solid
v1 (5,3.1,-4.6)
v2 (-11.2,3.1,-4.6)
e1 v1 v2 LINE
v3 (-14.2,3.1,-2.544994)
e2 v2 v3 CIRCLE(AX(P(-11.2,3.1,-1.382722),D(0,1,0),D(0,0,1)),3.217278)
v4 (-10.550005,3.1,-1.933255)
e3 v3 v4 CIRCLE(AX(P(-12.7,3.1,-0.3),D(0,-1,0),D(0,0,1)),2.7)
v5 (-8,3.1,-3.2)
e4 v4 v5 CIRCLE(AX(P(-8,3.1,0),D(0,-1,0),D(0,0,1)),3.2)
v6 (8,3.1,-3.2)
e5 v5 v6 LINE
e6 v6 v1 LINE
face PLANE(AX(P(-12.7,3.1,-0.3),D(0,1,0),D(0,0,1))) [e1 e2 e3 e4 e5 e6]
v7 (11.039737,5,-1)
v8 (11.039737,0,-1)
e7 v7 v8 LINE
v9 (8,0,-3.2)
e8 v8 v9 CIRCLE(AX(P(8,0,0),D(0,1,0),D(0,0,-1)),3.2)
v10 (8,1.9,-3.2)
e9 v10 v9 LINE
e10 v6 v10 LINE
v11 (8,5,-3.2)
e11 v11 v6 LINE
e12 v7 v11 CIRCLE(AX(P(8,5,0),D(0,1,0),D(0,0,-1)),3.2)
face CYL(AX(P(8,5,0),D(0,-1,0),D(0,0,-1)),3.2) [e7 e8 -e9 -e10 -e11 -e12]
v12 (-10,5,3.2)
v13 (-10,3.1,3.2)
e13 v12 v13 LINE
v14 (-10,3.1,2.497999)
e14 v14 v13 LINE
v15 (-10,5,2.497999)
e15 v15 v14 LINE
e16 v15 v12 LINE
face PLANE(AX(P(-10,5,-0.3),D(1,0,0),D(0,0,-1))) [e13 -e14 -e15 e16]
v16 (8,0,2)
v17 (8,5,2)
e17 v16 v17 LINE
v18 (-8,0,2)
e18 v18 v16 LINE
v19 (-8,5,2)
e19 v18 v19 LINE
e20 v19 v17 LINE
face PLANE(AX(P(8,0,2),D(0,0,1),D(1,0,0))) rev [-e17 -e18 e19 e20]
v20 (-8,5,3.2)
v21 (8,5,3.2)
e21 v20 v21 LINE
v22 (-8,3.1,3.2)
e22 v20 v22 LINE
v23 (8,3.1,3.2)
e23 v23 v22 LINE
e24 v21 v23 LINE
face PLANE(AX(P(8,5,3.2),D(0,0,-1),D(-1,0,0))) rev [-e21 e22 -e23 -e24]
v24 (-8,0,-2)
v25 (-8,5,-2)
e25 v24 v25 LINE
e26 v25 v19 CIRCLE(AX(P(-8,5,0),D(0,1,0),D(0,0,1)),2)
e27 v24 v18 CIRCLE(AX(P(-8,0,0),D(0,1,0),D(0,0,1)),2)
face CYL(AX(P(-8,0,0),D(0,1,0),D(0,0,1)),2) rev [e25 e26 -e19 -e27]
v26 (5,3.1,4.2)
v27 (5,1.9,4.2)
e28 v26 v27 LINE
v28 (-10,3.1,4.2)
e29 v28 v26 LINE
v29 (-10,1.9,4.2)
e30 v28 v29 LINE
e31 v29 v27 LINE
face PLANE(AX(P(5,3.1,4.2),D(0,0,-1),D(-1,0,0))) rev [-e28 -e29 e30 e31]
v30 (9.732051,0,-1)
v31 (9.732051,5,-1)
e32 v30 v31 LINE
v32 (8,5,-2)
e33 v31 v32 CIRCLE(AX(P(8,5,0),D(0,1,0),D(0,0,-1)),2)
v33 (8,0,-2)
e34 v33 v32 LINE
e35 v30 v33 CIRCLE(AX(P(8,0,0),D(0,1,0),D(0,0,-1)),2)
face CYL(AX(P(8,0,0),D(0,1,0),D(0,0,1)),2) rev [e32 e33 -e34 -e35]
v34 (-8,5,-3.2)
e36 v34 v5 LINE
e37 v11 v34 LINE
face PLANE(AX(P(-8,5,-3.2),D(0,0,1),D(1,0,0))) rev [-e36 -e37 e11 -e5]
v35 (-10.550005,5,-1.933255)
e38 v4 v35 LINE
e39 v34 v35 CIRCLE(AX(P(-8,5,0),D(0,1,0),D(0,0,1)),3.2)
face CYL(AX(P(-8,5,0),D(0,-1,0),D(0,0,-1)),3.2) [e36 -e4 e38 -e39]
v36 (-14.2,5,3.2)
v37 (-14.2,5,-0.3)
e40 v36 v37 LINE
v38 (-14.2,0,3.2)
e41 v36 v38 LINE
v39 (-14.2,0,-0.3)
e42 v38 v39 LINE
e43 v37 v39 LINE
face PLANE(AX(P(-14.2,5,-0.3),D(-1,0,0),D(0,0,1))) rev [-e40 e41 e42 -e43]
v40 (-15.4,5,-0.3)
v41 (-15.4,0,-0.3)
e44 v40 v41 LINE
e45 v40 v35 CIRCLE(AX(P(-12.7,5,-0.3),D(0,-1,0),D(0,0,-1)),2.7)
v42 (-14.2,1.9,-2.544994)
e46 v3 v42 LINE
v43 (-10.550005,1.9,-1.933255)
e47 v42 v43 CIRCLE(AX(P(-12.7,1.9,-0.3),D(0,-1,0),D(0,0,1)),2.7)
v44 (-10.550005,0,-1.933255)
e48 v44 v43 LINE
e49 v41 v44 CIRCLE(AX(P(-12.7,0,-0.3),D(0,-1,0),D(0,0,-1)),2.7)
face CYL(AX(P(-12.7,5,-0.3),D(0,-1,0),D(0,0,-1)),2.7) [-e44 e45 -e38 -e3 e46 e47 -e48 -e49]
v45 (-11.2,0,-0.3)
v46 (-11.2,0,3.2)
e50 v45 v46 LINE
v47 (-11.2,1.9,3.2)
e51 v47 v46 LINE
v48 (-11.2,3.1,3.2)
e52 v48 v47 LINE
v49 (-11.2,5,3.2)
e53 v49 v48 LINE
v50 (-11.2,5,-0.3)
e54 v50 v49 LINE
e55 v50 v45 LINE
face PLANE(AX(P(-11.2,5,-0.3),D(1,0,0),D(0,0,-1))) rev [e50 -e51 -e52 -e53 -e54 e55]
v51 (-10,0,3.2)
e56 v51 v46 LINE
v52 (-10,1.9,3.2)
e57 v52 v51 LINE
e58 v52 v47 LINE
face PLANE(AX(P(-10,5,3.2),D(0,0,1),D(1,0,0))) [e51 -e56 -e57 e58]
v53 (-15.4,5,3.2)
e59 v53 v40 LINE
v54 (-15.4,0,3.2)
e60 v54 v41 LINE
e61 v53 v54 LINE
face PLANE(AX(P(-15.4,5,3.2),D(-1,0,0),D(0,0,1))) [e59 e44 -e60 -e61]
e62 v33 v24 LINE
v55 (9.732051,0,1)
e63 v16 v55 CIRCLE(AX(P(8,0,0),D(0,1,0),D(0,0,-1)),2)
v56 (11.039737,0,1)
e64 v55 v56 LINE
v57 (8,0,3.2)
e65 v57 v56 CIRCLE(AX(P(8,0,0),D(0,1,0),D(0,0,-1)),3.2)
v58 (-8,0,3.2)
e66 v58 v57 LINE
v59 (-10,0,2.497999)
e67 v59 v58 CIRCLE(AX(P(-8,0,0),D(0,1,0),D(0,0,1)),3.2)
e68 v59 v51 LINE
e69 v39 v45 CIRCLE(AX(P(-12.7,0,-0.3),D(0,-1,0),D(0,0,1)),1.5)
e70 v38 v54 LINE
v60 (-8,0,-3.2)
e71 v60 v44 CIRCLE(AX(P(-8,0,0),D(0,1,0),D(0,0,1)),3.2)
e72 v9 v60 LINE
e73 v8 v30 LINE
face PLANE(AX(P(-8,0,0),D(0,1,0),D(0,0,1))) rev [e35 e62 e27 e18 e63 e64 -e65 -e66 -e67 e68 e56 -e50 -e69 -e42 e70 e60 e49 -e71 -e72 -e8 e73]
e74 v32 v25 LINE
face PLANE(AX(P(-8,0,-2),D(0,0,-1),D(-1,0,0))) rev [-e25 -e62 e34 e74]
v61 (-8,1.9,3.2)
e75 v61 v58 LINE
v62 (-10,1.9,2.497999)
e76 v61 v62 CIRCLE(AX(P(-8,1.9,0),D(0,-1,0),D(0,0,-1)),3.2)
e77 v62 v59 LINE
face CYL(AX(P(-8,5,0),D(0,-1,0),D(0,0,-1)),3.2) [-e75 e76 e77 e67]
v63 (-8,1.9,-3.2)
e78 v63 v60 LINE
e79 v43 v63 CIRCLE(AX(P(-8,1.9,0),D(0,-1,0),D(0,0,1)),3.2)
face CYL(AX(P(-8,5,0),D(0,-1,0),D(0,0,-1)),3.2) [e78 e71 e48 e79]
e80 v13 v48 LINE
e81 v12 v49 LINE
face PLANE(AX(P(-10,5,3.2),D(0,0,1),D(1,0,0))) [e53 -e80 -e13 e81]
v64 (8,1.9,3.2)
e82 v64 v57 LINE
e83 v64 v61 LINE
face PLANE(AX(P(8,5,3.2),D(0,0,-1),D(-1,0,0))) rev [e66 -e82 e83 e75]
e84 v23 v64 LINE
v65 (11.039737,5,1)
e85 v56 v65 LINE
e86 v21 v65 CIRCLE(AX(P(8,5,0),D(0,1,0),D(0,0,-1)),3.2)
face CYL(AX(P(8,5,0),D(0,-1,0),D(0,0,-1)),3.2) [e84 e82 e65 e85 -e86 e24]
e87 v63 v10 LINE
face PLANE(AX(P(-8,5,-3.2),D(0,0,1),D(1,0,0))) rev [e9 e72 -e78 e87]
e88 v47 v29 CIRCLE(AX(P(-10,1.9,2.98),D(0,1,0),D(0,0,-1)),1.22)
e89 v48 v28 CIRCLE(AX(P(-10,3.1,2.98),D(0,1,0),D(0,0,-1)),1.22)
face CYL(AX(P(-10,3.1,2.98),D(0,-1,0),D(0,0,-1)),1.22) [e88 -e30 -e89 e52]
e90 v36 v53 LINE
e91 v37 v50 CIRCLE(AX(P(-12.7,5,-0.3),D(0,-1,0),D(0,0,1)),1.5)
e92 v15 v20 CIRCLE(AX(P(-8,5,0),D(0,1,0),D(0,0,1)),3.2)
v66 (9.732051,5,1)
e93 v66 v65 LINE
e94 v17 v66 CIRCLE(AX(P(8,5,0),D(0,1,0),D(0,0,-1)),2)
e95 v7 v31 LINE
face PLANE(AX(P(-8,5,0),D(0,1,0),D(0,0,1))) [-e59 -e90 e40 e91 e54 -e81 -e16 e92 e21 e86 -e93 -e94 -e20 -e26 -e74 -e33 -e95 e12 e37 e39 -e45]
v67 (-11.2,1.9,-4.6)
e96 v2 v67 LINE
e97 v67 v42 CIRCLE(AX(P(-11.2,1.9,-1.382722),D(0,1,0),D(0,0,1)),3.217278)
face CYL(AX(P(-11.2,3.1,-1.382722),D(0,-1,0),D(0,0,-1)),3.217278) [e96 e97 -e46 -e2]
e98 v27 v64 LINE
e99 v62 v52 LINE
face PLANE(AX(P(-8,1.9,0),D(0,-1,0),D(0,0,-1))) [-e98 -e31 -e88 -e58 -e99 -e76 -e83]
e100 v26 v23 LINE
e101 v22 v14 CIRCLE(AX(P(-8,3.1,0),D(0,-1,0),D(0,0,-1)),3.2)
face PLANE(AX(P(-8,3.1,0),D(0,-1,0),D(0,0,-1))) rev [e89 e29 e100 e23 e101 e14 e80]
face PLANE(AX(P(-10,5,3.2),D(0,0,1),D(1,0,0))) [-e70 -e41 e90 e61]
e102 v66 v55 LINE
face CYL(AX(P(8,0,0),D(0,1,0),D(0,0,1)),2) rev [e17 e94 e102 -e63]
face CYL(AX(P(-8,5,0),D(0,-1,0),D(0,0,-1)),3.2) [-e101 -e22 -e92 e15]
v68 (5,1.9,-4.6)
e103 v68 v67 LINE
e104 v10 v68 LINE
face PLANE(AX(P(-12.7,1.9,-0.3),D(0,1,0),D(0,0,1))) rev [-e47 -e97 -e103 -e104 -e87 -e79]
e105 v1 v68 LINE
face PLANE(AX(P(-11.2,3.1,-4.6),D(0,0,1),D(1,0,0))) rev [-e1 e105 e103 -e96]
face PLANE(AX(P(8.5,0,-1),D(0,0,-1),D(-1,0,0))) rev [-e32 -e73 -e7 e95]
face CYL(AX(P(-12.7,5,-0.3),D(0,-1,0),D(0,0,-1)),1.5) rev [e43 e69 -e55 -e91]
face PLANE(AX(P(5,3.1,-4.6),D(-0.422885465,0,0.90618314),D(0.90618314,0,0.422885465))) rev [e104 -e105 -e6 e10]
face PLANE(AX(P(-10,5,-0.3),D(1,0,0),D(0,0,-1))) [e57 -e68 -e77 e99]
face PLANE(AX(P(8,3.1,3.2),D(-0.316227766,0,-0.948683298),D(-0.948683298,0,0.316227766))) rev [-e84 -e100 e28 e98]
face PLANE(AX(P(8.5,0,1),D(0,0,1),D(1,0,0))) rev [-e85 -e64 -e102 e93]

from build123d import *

# Parameters (mm, degrees)
BOSS_EXTRUDE1_DEPTH = 5
CUT_EXTRUDE1_DEPTH  = 6
SKETCH4_W           = 4
SKETCH4_H           = 2
CUT_EXTRUDE2_DEPTH  = 6
BOSS_EXTRUDE2_DEPTH = 5
CUT_EXTRUDE3_DEPTH  = 6
BOSS_EXTRUDE3_DEPTH = 0.6
BOSS_EXTRUDE4_DEPTH = 0.6


with BuildPart() as part:
    # Sketch1 → Boss-Extrude1 (new body)
    with BuildSketch(Plane(origin=(0, 0, 0), x_dir=(1, 0, 0), z_dir=(0, 1, 0))):
        with BuildLine():
            Line((-8, 3.2), (8, 3.2))
            ThreePointArc((8, 3.2), (11.2, 0), (8, -3.2))
            Line((8, -3.2), (-8, -3.2))
            ThreePointArc((-8, -3.2), (-11.2, 0), (-8, 3.2))
        make_face()
    extrude(amount=BOSS_EXTRUDE1_DEPTH)

    # Sketch3 → Cut-Extrude1 (cut, through all)
    with BuildSketch(Plane(origin=(0, 5, 0), x_dir=(1, 0, 0), z_dir=(0, 1, 0))):
        with BuildLine():
            Line((-8, 2), (8, 2))
            ThreePointArc((8, 2), (10, 0), (8, -2))
            Line((8, -2), (-8, -2))
            ThreePointArc((-8, -2), (-10, 0), (-8, 2))
        make_face()
    extrude(amount=-CUT_EXTRUDE1_DEPTH, mode=Mode.SUBTRACT)

    # Sketch4 → Cut-Extrude2 (cut, through all)
    with BuildSketch(Plane(origin=(0, 5, 0), x_dir=(1, 0, 0), z_dir=(0, 1, 0))):
        with Locations((10.5, 0)):
            Rectangle(SKETCH4_W, SKETCH4_H)
    extrude(amount=-CUT_EXTRUDE2_DEPTH, mode=Mode.SUBTRACT)

    # Sketch5 → Boss-Extrude2 (add)
    with BuildSketch(Plane.XZ):
        with BuildLine():
            Line((-10, -0.3), (-10, 3.2))
            Line((-10, 3.2), (-15.4, 3.2))
            Line((-15.4, 3.2), (-15.4, -0.3))
            ThreePointArc((-15.4, -0.3), (-12.7, -3), (-10, -0.3))
        make_face()
    extrude(amount=-BOSS_EXTRUDE2_DEPTH)

    # Sketch7 → Cut-Extrude3 (cut, through all)
    with BuildSketch(Plane.XZ):
        with BuildLine():
            Line((-14.2, -0.3), (-14.2, 3.2))
            Line((-14.2, 3.2), (-11.2, 3.2))
            Line((-11.2, 3.2), (-11.2, -0.3))
            ThreePointArc((-11.2, -0.3), (-12.7, -1.8), (-14.2, -0.3))
        make_face()
    extrude(amount=-CUT_EXTRUDE3_DEPTH, mode=Mode.SUBTRACT)

    # Sketch8 → Boss-Extrude3 (add, symmetric)
    with BuildSketch(Plane(origin=(0, 2.5, 0), x_dir=(1, 0, 0), z_dir=(0, 1, 0))):
        with BuildLine():
            Line((-11.2, 4.6), (5, 4.6))
            Line((5, 4.6), (8, 3.2))
            Line((8, 3.2), (-8, 3.2))
            ThreePointArc((-8, 3.2), (-9.423654515, 2.86586947), (-10.550005007, 1.933254888))
            ThreePointArc((-10.550005007, 1.933254888), (-12.253704481, 2.962859424), (-14.2, 2.544994432))
            ThreePointArc((-14.2, 2.544994432), (-13.018175451, 4.036985667), (-11.2, 4.6))
        make_face()
    extrude(amount=BOSS_EXTRUDE3_DEPTH, both=True)

    # Sketch9 → Boss-Extrude4 (add, symmetric)
    with BuildSketch(Plane(origin=(0, 2.5, 0), x_dir=(1, 0, 0), z_dir=(0, 1, 0))):
        with BuildLine():
            Line((-8, -3.2), (8, -3.2))
            Line((8, -3.2), (5, -4.2))
            Line((5, -4.2), (-10, -4.2))
            ThreePointArc((-10, -4.2), (-10.781024968, -3.917229961), (-11.2, -3.2))
            Line((-11.2, -3.2), (-10, -3.2))
            Line((-10, -3.2), (-10, -2.497999199))
            ThreePointArc((-10, -2.497999199), (-9.059811908, -3.019403703), (-8, -3.2))
        make_face()
    extrude(amount=BOSS_EXTRUDE4_DEPTH, both=True)


solid = part.part
